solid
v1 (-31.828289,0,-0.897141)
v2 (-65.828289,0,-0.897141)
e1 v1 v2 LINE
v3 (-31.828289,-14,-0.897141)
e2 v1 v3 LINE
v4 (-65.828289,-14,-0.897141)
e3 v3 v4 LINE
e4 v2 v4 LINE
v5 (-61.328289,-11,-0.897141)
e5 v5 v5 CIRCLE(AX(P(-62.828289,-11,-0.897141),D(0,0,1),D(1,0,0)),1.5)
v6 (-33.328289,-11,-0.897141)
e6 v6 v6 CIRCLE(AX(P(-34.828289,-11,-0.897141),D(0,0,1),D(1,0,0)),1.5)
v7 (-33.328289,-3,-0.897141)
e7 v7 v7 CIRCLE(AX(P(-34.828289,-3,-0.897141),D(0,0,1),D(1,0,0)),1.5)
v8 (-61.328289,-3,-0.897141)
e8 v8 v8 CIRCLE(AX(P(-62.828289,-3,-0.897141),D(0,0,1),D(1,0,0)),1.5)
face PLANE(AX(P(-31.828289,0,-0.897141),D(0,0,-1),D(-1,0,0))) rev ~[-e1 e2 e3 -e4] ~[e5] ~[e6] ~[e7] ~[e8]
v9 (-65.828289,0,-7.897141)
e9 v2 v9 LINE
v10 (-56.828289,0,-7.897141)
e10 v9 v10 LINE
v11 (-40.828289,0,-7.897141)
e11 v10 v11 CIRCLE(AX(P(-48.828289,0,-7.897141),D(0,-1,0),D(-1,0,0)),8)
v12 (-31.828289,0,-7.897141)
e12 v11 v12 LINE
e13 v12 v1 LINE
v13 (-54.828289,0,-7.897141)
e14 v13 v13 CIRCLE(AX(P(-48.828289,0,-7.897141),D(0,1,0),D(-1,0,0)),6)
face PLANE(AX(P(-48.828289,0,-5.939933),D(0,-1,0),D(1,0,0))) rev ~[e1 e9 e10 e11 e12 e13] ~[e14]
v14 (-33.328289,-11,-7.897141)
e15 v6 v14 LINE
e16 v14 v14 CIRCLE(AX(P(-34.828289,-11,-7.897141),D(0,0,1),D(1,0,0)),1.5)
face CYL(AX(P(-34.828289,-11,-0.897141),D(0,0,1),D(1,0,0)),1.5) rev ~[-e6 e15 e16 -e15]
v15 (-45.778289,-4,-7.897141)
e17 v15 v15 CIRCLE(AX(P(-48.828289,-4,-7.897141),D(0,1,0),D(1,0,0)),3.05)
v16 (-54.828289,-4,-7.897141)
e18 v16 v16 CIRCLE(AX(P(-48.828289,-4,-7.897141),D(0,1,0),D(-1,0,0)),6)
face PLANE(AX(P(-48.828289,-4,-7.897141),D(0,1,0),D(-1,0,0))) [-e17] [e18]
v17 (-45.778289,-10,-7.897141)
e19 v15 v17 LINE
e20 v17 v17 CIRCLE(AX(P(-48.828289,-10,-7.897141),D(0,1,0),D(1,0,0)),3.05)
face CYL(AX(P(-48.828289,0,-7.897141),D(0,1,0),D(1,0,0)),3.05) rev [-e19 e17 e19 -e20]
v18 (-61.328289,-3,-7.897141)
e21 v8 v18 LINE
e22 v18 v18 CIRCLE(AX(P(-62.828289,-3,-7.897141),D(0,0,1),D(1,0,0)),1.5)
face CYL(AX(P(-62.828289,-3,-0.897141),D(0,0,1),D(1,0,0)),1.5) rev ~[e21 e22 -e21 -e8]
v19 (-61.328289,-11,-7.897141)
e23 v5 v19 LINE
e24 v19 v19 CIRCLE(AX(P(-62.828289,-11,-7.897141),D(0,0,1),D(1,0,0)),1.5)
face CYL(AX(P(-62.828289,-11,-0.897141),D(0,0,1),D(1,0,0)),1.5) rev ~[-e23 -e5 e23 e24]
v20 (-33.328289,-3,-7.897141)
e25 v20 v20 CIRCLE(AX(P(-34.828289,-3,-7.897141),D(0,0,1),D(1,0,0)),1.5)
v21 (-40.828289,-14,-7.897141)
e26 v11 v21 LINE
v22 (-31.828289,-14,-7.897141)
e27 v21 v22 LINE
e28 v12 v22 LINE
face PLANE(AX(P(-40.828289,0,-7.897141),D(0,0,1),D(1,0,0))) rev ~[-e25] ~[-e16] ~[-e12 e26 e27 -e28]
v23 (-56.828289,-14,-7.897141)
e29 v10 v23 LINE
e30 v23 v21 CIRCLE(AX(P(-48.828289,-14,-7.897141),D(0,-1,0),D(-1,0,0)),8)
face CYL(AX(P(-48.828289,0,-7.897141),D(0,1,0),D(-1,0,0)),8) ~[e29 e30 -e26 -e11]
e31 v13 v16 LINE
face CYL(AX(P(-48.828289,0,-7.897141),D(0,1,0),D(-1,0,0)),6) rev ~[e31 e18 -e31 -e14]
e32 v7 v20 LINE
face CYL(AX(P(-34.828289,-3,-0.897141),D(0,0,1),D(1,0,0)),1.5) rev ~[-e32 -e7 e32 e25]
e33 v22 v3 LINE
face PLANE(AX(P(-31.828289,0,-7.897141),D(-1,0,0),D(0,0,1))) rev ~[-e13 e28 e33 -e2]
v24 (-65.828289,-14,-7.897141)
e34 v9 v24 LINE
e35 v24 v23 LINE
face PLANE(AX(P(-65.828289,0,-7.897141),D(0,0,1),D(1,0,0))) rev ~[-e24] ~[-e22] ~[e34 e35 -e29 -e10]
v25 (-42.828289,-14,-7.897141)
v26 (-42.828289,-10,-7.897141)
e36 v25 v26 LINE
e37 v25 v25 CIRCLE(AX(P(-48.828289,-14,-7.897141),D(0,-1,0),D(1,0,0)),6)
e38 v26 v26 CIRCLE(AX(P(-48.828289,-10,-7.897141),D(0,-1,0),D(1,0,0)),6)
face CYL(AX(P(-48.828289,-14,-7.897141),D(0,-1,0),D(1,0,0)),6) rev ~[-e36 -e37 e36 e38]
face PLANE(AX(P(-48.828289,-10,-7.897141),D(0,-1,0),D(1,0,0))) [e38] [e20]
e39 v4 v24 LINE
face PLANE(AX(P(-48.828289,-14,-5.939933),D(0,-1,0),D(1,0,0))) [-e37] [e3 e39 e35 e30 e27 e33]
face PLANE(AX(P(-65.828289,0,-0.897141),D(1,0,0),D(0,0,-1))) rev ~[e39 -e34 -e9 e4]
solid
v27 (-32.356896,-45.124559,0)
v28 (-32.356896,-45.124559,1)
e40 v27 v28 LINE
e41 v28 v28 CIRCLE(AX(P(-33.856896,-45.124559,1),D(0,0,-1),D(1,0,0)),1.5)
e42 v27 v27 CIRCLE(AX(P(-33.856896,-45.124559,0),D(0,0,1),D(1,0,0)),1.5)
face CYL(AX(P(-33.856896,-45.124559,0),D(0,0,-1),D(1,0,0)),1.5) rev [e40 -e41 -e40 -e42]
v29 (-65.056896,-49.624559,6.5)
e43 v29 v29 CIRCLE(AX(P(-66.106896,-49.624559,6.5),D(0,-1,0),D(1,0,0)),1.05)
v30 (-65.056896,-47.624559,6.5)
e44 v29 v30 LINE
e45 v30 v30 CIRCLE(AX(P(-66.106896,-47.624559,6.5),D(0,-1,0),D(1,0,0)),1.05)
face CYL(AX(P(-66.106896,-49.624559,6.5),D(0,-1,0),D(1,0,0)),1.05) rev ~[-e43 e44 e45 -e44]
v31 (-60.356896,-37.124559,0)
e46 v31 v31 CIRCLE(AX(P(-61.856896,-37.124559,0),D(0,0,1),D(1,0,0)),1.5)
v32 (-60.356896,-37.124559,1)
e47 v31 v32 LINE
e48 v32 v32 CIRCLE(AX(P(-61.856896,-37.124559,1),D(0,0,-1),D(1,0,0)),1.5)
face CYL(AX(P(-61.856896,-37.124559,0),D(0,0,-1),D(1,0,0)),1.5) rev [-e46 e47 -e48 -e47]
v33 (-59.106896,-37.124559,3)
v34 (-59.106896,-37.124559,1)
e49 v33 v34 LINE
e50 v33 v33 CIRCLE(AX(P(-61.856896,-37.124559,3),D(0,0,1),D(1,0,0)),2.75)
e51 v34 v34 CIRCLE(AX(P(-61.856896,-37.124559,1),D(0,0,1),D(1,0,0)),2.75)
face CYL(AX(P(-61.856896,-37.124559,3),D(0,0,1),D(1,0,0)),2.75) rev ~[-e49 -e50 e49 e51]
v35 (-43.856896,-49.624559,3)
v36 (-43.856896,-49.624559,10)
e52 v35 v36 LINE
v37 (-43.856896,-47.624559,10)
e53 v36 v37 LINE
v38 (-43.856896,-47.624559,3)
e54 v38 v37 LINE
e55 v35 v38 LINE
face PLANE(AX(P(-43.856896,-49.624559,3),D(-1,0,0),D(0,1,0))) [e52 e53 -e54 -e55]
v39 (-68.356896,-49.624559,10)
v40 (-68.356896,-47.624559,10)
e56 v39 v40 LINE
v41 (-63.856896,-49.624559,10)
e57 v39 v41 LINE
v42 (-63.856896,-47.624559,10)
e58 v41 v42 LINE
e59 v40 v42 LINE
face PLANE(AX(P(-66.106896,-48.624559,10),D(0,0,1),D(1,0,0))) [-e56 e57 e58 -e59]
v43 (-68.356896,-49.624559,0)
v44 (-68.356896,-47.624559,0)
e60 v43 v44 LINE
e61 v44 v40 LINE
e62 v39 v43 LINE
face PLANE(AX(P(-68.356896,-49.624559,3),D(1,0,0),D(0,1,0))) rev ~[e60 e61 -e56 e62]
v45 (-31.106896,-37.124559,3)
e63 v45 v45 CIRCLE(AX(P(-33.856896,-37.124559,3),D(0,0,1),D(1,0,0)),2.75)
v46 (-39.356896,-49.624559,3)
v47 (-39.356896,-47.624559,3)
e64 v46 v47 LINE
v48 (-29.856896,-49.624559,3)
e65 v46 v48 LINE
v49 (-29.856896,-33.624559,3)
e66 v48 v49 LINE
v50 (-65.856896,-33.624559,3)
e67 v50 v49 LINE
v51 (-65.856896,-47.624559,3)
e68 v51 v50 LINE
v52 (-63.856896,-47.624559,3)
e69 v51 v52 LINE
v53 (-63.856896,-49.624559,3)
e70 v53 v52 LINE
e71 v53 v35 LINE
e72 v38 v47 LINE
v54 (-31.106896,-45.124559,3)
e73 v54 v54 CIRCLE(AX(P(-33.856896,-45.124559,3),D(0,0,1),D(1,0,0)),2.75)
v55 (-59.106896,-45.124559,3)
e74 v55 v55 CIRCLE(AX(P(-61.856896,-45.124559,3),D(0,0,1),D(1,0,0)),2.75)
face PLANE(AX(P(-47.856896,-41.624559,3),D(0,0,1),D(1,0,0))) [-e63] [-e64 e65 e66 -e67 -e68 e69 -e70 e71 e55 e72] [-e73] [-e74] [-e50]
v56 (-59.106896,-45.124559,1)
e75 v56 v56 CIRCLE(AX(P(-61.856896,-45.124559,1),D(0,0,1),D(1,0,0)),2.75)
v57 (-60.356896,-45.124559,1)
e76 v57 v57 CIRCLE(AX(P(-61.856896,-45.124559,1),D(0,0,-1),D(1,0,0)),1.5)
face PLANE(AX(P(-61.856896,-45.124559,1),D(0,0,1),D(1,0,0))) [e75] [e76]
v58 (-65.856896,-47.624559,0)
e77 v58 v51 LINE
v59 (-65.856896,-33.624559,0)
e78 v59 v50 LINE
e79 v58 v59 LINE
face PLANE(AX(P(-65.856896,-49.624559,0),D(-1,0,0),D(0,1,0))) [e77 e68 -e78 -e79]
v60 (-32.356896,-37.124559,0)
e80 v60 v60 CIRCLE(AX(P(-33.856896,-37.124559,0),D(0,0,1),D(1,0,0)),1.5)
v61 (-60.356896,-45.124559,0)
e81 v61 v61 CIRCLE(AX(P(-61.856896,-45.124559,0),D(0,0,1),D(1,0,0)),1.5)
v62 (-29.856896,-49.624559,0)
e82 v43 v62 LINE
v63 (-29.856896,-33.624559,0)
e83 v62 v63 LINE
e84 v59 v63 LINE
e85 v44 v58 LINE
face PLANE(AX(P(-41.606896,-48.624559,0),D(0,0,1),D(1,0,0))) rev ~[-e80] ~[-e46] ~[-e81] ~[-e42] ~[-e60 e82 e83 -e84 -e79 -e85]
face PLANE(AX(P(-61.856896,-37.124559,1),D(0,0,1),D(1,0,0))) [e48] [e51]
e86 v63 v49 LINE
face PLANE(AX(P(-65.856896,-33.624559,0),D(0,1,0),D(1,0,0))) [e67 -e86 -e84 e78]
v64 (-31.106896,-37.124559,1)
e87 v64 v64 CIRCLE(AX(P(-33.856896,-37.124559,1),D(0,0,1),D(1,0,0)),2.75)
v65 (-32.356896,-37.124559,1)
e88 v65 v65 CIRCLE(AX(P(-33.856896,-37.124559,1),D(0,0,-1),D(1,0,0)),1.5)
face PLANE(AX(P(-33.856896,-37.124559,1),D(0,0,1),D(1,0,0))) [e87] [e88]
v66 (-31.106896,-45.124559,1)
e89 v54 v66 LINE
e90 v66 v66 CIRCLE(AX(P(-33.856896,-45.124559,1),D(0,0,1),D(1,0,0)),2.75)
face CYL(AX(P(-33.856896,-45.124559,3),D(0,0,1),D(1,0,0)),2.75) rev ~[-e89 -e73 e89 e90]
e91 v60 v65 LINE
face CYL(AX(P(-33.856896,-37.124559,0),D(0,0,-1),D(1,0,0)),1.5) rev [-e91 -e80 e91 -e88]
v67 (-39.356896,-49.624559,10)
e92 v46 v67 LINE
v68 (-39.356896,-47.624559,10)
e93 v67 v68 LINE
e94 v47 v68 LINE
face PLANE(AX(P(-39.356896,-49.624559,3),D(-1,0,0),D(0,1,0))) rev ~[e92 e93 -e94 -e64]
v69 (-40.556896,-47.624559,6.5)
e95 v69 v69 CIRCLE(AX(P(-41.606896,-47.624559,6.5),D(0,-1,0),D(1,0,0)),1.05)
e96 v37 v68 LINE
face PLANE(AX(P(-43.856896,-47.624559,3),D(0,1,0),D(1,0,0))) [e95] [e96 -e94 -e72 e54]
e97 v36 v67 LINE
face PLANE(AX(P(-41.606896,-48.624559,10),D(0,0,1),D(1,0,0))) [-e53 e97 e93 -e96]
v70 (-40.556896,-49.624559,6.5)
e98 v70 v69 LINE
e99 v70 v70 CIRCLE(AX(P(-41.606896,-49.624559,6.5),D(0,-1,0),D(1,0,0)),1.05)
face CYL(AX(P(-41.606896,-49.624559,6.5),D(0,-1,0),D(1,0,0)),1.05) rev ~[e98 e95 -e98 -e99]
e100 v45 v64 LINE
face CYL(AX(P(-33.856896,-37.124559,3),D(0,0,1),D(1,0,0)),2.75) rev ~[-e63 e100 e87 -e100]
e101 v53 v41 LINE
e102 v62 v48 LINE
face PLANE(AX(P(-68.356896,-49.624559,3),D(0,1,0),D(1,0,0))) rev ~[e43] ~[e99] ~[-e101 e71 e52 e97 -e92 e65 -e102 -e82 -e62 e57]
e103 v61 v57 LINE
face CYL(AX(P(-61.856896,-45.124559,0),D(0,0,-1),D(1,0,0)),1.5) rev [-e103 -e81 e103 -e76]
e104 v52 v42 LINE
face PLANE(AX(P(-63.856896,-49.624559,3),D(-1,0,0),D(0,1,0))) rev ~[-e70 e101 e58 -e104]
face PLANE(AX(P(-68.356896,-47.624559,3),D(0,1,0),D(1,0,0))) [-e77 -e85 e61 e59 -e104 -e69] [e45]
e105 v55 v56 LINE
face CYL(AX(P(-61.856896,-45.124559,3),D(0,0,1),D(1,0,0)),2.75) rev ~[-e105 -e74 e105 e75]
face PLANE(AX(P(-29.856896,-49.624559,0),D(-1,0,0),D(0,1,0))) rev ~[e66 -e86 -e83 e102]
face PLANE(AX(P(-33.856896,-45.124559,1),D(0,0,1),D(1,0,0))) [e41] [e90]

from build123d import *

# Parameters (mm, degrees)
F0_R           = 3.05
F1_DEPTH       = 14
F2_R           = 6
F3_DEPTH       = 4
F4_R           = 6
F5_DEPTH       = 4
F6_R           = 1.5
F7_DEPTH       = 15.001
F8_W           = 36
F8_H           = 16
F8_R           = 1.5
F9_DEPTH       = 3
F10_R          = 2.75
F11_DEPTH      = 2
F12_W          = 4.5
F12_H          = 2
F13_DEPTH      = 7
F13_DEPTH_BACK = 3
F14_R          = 1.05
F15_DEPTH      = 49.625559


with BuildPart() as f1:
    # F0 (on Front) → F1 (new body)
    with BuildSketch(Plane.XZ):
        with BuildLine():
            Line((-65.828289, -7.897141), (-56.828289, -7.897141))
            ThreePointArc((-56.828289, -7.897141), (-48.828289, -15.897141), (-40.828289, -7.897141))
            Line((-40.828289, -7.897141), (-31.828289, -7.897141))
            Line((-31.828289, -7.897141), (-31.828289, -0.897141))
            Line((-31.828289, -0.897141), (-65.828289, -0.897141))
            Line((-65.828289, -0.897141), (-65.828289, -7.897141))
        make_face()
        with Locations((-48.828289, -7.897141)):
            Circle(F0_R, mode=Mode.SUBTRACT)
    extrude(amount=F1_DEPTH)

    # F2 (on face) → F3 (cut)
    with BuildSketch(Plane.XZ.offset(14)):
        with Locations((-48.828289, -7.897141)):
            Circle(F2_R)
    extrude(amount=-F3_DEPTH, mode=Mode.SUBTRACT)

    # F4 (on face) → F5 (cut)
    with BuildSketch(Plane(origin=(0, 0, 0), x_dir=(-1, 0, 0), z_dir=(0, 1, 0))):
        with Locations((48.828289, -7.897141)):
            Circle(F4_R)
    extrude(amount=-F5_DEPTH, mode=Mode.SUBTRACT)

    # F6 (on face) → F7 (cut, through all)
    with BuildSketch(Plane.XY.offset(-0.897141)):
        with Locations((-62.828289, -3)):
            Circle(F6_R)
        with Locations((-34.828289, -3)):
            Circle(F6_R)
        with Locations((-34.828289, -11)):
            Circle(F6_R)
        with Locations((-62.828289, -11)):
            Circle(F6_R)
    extrude(amount=-F7_DEPTH, mode=Mode.SUBTRACT)


with BuildPart() as f9:
    # F8 (on Top) → F9 (new body)
    with BuildSketch(Plane.XY):
        with Locations((-47.856896, -41.624559)):
            Rectangle(F8_W, F8_H)
        with Locations((-61.856896, -45.124559)):
            Circle(F8_R, mode=Mode.SUBTRACT)
        with Locations((-33.856896, -45.124559)):
            Circle(F8_R, mode=Mode.SUBTRACT)
        with Locations((-61.856896, -37.124559)):
            Circle(F8_R, mode=Mode.SUBTRACT)
        with Locations((-33.856896, -37.124559)):
            Circle(F8_R, mode=Mode.SUBTRACT)
    extrude(amount=F9_DEPTH)

    # F10 (on face) → F11 (cut)
    with BuildSketch(Plane.XY.offset(3)):
        with Locations((-61.856896, -37.124559)):
            Circle(F10_R)
        with Locations((-33.856896, -37.124559)):
            Circle(F10_R)
        with Locations((-61.856896, -45.124559)):
            Circle(F10_R)
        with Locations((-33.856896, -45.124559)):
            Circle(F10_R)
    extrude(amount=-F11_DEPTH, mode=Mode.SUBTRACT)

    # F12 (on face) → F13 (join, two sides)
    with BuildSketch(Plane.XY.offset(3)) as f13_sk:
        with Locations((-41.606896, -48.624559)):
            Rectangle(F12_W, F12_H)
        with Locations((-66.106896, -48.624559)):
            Rectangle(F12_W, F12_H)
    extrude(amount=F13_DEPTH)
    extrude(f13_sk.sketch, amount=-F13_DEPTH_BACK)

    # F14 (on face) → F15 (cut, through all)
    with BuildSketch(Plane.XZ.offset(49.624559)):
        with Locations((-41.606896, 6.5)):
            Circle(F14_R)
        with Locations((-66.106896, 6.5)):
            Circle(F14_R)
    extrude(amount=-F15_DEPTH, mode=Mode.SUBTRACT)


solid = Compound([f1.part, f9.part])
